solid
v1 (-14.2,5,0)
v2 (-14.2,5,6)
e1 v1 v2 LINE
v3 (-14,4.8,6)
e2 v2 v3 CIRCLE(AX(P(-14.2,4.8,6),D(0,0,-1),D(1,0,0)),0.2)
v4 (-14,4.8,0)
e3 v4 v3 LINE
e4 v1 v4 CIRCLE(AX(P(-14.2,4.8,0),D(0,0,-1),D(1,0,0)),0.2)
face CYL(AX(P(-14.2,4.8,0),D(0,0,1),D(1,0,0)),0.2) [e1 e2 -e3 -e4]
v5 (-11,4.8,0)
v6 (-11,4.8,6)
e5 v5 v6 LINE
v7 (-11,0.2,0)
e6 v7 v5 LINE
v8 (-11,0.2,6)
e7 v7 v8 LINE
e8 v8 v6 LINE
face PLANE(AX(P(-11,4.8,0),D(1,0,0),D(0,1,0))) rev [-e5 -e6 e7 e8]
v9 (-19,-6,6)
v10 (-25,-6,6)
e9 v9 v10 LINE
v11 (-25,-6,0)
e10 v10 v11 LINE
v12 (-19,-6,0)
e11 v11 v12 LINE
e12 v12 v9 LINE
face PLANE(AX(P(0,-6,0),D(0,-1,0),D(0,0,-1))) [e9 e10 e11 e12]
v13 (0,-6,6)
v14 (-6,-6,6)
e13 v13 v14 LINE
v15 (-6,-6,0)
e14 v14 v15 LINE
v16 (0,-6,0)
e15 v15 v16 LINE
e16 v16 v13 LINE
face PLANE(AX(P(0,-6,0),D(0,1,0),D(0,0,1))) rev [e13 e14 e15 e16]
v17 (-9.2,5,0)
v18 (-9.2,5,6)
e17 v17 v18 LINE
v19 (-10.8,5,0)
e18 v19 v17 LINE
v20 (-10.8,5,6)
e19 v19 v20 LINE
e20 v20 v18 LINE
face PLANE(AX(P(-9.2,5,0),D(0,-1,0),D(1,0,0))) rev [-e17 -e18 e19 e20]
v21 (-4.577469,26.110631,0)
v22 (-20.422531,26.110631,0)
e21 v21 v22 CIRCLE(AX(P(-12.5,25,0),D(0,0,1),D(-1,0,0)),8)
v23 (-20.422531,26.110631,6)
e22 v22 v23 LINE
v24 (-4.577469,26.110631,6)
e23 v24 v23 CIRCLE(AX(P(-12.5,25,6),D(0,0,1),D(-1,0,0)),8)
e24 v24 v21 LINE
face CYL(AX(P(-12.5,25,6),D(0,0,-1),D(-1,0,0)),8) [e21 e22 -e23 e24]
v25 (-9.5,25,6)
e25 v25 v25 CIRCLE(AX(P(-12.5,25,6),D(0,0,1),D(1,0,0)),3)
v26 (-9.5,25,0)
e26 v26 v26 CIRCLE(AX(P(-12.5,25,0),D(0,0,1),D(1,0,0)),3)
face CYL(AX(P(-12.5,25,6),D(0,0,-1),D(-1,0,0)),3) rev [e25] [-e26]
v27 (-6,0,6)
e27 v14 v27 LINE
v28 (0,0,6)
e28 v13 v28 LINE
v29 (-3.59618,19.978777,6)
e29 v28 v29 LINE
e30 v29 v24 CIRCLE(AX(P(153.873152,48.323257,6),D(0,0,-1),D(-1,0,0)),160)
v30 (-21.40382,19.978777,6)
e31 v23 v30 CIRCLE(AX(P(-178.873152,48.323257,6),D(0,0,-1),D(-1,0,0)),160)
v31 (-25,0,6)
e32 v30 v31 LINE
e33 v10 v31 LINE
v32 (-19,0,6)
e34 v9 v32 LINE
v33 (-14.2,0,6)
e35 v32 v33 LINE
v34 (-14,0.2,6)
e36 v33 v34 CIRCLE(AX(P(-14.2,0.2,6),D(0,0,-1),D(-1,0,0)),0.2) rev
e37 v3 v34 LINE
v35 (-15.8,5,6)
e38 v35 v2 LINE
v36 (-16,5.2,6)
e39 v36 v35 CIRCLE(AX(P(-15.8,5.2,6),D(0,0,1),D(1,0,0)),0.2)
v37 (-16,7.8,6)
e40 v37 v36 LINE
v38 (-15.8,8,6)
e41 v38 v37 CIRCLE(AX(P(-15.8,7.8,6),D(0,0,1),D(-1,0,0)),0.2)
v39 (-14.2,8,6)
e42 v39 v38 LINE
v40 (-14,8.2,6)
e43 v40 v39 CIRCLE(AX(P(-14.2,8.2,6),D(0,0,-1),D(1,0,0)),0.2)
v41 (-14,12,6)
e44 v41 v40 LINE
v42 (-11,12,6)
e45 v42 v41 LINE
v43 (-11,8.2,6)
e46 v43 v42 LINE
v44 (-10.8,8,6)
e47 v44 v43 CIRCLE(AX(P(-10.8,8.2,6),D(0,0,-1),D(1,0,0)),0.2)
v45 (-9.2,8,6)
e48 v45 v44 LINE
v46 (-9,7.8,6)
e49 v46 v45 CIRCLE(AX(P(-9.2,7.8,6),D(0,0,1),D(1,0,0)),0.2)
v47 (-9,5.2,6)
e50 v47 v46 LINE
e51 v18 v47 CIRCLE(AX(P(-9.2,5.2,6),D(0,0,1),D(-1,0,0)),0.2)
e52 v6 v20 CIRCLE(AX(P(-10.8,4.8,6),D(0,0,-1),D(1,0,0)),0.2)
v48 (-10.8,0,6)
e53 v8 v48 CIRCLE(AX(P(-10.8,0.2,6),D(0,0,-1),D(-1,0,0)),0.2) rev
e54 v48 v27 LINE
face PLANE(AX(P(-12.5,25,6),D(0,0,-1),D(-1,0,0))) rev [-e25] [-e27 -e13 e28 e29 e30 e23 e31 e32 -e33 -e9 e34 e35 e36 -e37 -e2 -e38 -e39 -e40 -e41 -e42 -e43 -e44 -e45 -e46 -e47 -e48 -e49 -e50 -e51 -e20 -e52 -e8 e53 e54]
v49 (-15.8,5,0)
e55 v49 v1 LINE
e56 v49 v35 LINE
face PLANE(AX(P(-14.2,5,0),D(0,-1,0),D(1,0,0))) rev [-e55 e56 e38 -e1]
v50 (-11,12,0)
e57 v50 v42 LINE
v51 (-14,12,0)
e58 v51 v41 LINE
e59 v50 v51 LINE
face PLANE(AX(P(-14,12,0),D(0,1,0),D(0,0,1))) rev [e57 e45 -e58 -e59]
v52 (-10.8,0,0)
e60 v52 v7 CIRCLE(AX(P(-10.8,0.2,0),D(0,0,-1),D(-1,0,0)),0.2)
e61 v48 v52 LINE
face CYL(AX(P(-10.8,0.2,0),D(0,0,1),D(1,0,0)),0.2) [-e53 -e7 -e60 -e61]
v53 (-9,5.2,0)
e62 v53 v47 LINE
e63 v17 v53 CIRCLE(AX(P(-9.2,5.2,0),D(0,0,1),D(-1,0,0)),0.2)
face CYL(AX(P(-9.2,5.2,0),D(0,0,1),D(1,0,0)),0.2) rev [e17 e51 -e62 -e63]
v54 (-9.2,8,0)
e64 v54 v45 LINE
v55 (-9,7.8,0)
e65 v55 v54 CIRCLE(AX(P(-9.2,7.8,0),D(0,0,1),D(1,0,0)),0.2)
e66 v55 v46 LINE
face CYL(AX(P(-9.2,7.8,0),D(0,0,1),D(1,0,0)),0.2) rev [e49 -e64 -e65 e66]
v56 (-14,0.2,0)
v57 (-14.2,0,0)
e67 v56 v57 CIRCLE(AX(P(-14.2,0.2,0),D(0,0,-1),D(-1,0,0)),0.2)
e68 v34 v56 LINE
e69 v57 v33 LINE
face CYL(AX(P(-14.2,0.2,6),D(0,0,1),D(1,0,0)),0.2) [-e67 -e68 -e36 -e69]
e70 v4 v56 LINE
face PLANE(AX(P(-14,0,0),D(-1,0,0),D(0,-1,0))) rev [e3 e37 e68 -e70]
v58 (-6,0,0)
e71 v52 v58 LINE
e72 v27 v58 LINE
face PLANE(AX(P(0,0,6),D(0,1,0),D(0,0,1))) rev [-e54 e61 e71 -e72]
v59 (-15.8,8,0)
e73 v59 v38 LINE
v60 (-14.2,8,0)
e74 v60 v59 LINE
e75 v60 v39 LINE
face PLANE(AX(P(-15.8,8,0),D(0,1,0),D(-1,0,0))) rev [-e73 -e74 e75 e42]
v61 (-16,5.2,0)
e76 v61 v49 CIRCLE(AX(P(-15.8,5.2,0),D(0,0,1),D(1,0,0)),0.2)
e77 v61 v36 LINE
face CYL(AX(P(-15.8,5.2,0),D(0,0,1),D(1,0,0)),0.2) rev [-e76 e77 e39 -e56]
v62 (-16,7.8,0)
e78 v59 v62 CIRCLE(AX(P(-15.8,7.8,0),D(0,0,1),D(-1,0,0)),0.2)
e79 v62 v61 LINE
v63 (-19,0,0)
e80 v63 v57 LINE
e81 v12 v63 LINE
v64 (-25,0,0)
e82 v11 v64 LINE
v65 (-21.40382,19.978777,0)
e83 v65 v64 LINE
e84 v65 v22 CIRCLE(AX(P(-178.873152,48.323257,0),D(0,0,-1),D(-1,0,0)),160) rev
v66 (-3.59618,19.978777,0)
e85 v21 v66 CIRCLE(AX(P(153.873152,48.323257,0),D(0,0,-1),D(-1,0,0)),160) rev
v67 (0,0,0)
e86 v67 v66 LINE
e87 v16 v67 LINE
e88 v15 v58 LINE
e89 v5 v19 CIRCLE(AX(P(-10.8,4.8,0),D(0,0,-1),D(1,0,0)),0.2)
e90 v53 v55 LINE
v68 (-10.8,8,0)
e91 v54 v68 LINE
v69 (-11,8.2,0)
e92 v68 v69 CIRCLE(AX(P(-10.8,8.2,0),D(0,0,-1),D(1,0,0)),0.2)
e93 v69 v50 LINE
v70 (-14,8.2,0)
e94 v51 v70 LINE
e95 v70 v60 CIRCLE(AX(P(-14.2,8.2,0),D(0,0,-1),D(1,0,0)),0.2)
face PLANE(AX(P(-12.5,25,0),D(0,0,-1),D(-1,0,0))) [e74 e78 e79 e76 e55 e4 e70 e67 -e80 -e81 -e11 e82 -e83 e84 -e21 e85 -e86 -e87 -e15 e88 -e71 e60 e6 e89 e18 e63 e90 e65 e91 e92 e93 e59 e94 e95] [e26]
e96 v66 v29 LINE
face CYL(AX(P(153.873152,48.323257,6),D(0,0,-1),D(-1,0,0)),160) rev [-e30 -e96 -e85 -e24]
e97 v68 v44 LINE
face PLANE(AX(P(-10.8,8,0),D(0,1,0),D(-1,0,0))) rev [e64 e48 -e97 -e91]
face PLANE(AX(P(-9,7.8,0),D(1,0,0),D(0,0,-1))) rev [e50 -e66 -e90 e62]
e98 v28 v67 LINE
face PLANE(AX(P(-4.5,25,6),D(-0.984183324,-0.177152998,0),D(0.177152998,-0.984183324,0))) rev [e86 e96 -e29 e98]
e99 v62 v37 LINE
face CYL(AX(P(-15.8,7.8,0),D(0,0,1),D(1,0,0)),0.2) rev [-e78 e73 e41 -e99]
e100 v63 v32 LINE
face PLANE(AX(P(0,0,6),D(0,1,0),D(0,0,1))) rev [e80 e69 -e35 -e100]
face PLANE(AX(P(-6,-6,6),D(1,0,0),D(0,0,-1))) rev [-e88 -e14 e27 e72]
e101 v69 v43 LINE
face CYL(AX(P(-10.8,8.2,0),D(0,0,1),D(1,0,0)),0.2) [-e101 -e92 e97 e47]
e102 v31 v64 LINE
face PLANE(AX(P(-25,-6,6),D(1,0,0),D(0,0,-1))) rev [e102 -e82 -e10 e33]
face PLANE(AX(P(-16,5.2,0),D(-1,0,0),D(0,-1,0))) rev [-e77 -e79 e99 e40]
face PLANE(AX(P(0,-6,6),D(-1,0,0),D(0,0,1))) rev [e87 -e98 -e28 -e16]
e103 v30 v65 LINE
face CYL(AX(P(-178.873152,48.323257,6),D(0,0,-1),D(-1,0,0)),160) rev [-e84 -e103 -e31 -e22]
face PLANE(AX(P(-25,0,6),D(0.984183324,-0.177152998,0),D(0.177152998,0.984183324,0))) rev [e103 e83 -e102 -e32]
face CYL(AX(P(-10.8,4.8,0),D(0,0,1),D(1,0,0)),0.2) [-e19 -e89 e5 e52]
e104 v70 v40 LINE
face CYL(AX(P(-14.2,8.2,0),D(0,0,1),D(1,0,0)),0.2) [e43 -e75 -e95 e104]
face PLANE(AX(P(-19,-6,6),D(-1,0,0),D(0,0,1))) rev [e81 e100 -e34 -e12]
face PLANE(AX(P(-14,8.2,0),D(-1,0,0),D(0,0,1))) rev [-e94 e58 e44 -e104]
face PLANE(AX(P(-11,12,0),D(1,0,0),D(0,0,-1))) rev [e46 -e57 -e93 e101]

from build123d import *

# Parameters (mm, degrees)
SKETCH2_R           = 3
BOSS_EXTRUDE1_DEPTH = 6
FILLET1_R           = 160
GROOVE_DEPTH        = 42.833001327
SKETCH5_W           = 6
SKETCH5_H           = 6
FINGERS_DEPTH       = 6
FILLET2_R           = 0.2


with BuildPart() as part:
    # Sketch2 → Boss-Extrude1 (new body)
    with BuildSketch(Plane.XY):
        with BuildLine():
            Line((0, 0), (-25, 0))
            Line((-25, 0), (-20.5, 25))
            ThreePointArc((-20.5, 25), (-12.5, 33), (-4.5, 25))
            Line((-4.5, 25), (0, 0))
        make_face()
        with Locations((-12.5, 25)):
            Circle(SKETCH2_R, mode=Mode.SUBTRACT)
    extrude(amount=BOSS_EXTRUDE1_DEPTH)

    # Fillet1
    fillet1_edges = [part.edges().sort_by_distance(p)[0] for p in [
        (-20.5, 25, 3),
        (-4.5, 25, 3),
    ]]
    fillet(fillet1_edges, radius=FILLET1_R)

    # Sketch4 → Groove (cut, through all)
    with BuildSketch(Plane.XY.offset(6)):
        with BuildLine():
            Line((-14, 0), (-14, 4.8))
            ThreePointArc((-14, 4.8), (-14.058578644, 4.941421356), (-14.2, 5))
            Line((-14.2, 5), (-15.8, 5))
            ThreePointArc((-15.8, 5), (-15.941421356, 5.058578644), (-16, 5.2))
            Line((-16, 5.2), (-16, 7.8))
            ThreePointArc((-16, 7.8), (-15.941421356, 7.941421356), (-15.8, 8))
            Line((-15.8, 8), (-14.2, 8))
            ThreePointArc((-14.2, 8), (-14.058578644, 8.058578644), (-14, 8.2))
            Line((-14, 8.2), (-14, 12))
            Line((-14, 12), (-11, 12))
            Line((-11, 12), (-11, 8.2))
            ThreePointArc((-11, 8.2), (-10.941421356, 8.058578644), (-10.8, 8))
            Line((-10.8, 8), (-9.2, 8))
            ThreePointArc((-9.2, 8), (-9.058578644, 7.941421356), (-9, 7.8))
            Line((-9, 7.8), (-9, 5.2))
            ThreePointArc((-9, 5.2), (-9.058578644, 5.058578644), (-9.2, 5))
            Line((-9.2, 5), (-10.8, 5))
            ThreePointArc((-10.8, 5), (-10.941421356, 4.941421356), (-11, 4.8))
            Line((-11, 4.8), (-11, 0))
            Line((-11, 0), (-14, 0))
        make_face()
    extrude(amount=-GROOVE_DEPTH, mode=Mode.SUBTRACT)

    # Sketch5 → Fingers (add)
    with BuildSketch(Plane.XZ):
        with Locations((-22, 3)):
            Rectangle(SKETCH5_W, SKETCH5_H)
        with Locations((-3, 3)):
            Rectangle(SKETCH5_W, SKETCH5_H)
    extrude(amount=FINGERS_DEPTH)

    # Fillet2
    fillet2_edges = [part.edges().sort_by_distance(p)[0] for p in [
        (-11, 0, 3),
        (-14, 0, 3),
    ]]
    fillet(fillet2_edges, radius=FILLET2_R)


solid = part.part
